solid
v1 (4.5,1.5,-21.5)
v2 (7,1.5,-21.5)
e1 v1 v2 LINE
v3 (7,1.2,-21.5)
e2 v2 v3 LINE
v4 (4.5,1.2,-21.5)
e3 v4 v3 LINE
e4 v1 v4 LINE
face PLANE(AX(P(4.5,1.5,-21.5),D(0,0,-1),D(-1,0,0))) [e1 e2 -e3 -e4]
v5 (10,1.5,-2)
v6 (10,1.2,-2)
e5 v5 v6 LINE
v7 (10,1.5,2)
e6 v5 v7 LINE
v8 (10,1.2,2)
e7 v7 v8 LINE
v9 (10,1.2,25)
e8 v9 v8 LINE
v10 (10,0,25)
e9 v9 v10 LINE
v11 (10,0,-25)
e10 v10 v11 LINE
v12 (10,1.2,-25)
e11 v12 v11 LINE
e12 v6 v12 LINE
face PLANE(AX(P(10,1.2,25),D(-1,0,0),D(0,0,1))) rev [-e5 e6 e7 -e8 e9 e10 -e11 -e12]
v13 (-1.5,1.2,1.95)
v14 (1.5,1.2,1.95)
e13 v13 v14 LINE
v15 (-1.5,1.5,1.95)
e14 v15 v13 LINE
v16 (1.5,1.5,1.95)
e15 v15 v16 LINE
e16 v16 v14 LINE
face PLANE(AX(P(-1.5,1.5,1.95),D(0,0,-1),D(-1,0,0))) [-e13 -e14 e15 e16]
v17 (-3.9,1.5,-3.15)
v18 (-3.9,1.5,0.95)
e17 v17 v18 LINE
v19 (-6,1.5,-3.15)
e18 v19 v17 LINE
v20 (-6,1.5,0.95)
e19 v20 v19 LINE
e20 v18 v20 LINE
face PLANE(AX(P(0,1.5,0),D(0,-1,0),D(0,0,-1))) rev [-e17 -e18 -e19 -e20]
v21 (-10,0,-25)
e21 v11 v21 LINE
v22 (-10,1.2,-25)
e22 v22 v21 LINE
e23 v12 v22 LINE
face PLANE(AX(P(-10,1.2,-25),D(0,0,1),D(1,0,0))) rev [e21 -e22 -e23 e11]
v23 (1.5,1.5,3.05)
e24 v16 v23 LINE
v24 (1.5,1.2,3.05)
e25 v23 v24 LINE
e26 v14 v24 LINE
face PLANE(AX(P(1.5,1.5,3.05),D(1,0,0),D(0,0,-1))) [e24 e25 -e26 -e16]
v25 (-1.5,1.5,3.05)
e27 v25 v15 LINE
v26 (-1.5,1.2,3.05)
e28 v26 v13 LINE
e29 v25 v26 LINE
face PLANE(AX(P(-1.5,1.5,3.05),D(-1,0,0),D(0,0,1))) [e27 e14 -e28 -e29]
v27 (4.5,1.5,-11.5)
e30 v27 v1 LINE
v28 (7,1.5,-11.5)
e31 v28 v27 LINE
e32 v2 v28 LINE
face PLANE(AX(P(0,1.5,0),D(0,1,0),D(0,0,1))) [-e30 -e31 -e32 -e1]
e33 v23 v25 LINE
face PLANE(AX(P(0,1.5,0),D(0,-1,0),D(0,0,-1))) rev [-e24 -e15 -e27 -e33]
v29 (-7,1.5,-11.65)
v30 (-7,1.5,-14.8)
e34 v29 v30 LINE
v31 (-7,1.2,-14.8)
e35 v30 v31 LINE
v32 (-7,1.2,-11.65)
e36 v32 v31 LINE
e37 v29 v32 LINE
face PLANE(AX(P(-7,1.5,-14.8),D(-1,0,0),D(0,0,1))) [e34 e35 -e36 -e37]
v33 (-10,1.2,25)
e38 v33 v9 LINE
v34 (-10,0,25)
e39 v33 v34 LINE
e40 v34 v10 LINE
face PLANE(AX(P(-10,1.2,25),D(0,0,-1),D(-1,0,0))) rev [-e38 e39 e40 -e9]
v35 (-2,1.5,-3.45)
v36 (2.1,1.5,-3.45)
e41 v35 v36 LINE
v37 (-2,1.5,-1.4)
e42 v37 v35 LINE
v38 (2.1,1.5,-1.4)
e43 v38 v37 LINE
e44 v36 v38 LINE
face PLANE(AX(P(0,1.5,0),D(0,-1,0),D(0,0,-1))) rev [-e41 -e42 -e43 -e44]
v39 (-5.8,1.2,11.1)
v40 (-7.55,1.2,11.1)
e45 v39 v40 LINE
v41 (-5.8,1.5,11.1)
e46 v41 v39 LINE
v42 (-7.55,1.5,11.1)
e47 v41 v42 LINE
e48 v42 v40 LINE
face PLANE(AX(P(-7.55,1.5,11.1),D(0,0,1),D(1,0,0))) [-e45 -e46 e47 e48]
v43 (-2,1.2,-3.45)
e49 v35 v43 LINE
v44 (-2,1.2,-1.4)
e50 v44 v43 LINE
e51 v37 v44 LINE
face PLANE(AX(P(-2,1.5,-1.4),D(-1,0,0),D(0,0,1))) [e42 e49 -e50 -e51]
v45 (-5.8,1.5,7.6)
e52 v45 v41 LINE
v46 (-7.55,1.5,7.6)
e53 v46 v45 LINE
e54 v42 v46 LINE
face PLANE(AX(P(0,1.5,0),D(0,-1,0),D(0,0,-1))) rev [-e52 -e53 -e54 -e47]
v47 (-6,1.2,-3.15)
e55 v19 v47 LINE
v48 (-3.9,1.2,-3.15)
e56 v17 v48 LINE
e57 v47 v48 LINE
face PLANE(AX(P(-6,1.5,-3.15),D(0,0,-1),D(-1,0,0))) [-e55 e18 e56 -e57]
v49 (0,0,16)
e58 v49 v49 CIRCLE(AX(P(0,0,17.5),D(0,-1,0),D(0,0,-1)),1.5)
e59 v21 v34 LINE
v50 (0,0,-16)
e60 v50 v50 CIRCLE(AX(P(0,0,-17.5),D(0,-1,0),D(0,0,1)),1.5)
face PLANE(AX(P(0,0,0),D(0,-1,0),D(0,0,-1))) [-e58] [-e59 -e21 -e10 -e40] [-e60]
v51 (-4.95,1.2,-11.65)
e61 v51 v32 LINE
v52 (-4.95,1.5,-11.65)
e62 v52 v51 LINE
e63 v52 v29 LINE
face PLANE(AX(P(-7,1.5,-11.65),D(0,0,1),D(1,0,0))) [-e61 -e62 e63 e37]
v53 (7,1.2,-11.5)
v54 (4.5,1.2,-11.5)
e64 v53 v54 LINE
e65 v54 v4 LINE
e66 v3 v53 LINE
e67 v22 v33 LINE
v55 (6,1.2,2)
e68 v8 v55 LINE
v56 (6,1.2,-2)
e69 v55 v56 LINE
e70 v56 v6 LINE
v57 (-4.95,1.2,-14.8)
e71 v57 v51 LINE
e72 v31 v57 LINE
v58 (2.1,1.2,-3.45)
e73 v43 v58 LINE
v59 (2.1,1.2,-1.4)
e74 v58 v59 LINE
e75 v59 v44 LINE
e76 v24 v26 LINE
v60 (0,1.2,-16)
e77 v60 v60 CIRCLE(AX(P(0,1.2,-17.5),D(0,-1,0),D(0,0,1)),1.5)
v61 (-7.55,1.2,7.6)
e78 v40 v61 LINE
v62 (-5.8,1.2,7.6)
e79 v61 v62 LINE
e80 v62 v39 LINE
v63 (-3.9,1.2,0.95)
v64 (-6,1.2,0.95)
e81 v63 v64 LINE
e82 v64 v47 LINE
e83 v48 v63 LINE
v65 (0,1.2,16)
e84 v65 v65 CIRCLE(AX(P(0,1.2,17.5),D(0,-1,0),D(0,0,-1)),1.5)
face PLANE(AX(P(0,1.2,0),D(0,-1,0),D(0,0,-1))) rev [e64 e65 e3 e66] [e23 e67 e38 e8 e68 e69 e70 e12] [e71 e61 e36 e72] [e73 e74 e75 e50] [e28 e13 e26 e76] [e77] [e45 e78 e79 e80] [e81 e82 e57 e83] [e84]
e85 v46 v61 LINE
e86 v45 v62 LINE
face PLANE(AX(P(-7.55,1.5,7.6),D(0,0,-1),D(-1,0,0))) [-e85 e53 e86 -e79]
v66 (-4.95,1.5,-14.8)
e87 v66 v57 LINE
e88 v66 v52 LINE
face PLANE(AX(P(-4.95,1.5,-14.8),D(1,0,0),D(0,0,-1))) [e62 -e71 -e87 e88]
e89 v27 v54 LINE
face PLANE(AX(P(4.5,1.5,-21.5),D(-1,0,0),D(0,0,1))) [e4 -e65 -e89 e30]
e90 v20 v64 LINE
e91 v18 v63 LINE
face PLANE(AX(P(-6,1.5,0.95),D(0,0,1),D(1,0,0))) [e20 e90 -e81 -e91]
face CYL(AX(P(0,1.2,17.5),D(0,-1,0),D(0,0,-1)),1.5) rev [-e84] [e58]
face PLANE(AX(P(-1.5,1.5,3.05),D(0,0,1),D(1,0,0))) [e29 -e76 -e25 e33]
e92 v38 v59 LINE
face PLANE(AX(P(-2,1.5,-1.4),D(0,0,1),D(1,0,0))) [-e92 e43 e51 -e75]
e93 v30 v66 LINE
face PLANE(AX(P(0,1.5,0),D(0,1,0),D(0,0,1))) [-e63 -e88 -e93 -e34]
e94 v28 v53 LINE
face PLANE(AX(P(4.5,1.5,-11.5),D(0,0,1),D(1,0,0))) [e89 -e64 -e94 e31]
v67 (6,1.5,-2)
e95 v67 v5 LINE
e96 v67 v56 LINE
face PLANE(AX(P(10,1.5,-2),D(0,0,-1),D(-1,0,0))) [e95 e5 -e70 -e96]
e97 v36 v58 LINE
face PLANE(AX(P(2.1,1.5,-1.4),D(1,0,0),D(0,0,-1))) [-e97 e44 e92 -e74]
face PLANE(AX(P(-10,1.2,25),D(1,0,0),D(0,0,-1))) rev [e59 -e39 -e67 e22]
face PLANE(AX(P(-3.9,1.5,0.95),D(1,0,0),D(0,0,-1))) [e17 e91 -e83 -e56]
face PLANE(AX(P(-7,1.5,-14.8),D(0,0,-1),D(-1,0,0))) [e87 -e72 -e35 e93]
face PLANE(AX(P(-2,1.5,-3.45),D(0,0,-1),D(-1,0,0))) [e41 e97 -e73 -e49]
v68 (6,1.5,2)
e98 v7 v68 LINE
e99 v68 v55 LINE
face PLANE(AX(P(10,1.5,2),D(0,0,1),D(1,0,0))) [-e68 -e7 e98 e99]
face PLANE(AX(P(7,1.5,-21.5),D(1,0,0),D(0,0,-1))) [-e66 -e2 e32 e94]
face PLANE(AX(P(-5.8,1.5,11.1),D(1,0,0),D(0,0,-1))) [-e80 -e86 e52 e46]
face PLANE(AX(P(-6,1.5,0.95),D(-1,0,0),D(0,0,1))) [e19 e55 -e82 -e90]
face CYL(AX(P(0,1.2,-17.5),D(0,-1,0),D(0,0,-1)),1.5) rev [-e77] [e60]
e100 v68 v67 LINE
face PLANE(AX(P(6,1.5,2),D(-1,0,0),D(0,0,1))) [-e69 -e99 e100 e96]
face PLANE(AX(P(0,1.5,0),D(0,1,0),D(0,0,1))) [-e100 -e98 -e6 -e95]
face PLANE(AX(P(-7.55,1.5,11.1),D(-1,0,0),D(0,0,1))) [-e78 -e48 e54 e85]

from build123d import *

# Parameters (mm, degrees)
SKETCH1_W           = 20
SKETCH1_H           = 50
BOSS_EXTRUDE1_DEPTH = 1.2
SKETCH2_R           = 1.5
CUT_EXTRUDE1_DEPTH  = 2.2
SKETCH3_W           = 2.5
SKETCH3_H           = 10
SKETCH3_W_2         = 2.05
SKETCH3_H_2         = 3.15
SKETCH3_W_3         = 2.1
SKETCH3_H_3         = 4.1
SKETCH3_W_4         = 4.1
SKETCH3_H_4         = 2.05
SKETCH3_W_5         = 3
SKETCH3_H_5         = 1.1
SKETCH3_W_6         = 4
SKETCH3_H_6         = 4
SKETCH3_W_7         = 1.75
SKETCH3_H_7         = 3.5
BOSS_EXTRUDE2_DEPTH = 1.5


with BuildPart() as part:
    # Sketch1 → Boss-Extrude1 (new body)
    with BuildSketch(Plane(origin=(0, 0, 0), x_dir=(1, 0, 0), z_dir=(0, 1, 0))):
        Rectangle(SKETCH1_W, SKETCH1_H)
    extrude(amount=BOSS_EXTRUDE1_DEPTH)

    # Sketch2 → Cut-Extrude1 (cut, through all)
    with BuildSketch(Plane.XZ):
        with Locations((0, 17.5)):
            Circle(SKETCH2_R)
        with Locations((0, -17.5)):
            Circle(SKETCH2_R)
    extrude(amount=-CUT_EXTRUDE1_DEPTH, mode=Mode.SUBTRACT)

    # Sketch3 → Boss-Extrude2 (add)
    with BuildSketch(Plane.XZ):
        with Locations((5.75, -16.5)):
            Rectangle(SKETCH3_W, SKETCH3_H)
        with Locations((-5.975, -13.225)):
            Rectangle(SKETCH3_W_2, SKETCH3_H_2)
        with Locations((-4.95, -1.1)):
            Rectangle(SKETCH3_W_3, SKETCH3_H_3)
        with Locations((0.05, -2.425)):
            Rectangle(SKETCH3_W_4, SKETCH3_H_4)
        with Locations((0, 2.5)):
            Rectangle(SKETCH3_W_5, SKETCH3_H_5)
        with Locations((8, 0)):
            Rectangle(SKETCH3_W_6, SKETCH3_H_6)
        with Locations((-6.675, 9.35)):
            Rectangle(SKETCH3_W_7, SKETCH3_H_7)
    extrude(amount=-BOSS_EXTRUDE2_DEPTH)


solid = part.part
